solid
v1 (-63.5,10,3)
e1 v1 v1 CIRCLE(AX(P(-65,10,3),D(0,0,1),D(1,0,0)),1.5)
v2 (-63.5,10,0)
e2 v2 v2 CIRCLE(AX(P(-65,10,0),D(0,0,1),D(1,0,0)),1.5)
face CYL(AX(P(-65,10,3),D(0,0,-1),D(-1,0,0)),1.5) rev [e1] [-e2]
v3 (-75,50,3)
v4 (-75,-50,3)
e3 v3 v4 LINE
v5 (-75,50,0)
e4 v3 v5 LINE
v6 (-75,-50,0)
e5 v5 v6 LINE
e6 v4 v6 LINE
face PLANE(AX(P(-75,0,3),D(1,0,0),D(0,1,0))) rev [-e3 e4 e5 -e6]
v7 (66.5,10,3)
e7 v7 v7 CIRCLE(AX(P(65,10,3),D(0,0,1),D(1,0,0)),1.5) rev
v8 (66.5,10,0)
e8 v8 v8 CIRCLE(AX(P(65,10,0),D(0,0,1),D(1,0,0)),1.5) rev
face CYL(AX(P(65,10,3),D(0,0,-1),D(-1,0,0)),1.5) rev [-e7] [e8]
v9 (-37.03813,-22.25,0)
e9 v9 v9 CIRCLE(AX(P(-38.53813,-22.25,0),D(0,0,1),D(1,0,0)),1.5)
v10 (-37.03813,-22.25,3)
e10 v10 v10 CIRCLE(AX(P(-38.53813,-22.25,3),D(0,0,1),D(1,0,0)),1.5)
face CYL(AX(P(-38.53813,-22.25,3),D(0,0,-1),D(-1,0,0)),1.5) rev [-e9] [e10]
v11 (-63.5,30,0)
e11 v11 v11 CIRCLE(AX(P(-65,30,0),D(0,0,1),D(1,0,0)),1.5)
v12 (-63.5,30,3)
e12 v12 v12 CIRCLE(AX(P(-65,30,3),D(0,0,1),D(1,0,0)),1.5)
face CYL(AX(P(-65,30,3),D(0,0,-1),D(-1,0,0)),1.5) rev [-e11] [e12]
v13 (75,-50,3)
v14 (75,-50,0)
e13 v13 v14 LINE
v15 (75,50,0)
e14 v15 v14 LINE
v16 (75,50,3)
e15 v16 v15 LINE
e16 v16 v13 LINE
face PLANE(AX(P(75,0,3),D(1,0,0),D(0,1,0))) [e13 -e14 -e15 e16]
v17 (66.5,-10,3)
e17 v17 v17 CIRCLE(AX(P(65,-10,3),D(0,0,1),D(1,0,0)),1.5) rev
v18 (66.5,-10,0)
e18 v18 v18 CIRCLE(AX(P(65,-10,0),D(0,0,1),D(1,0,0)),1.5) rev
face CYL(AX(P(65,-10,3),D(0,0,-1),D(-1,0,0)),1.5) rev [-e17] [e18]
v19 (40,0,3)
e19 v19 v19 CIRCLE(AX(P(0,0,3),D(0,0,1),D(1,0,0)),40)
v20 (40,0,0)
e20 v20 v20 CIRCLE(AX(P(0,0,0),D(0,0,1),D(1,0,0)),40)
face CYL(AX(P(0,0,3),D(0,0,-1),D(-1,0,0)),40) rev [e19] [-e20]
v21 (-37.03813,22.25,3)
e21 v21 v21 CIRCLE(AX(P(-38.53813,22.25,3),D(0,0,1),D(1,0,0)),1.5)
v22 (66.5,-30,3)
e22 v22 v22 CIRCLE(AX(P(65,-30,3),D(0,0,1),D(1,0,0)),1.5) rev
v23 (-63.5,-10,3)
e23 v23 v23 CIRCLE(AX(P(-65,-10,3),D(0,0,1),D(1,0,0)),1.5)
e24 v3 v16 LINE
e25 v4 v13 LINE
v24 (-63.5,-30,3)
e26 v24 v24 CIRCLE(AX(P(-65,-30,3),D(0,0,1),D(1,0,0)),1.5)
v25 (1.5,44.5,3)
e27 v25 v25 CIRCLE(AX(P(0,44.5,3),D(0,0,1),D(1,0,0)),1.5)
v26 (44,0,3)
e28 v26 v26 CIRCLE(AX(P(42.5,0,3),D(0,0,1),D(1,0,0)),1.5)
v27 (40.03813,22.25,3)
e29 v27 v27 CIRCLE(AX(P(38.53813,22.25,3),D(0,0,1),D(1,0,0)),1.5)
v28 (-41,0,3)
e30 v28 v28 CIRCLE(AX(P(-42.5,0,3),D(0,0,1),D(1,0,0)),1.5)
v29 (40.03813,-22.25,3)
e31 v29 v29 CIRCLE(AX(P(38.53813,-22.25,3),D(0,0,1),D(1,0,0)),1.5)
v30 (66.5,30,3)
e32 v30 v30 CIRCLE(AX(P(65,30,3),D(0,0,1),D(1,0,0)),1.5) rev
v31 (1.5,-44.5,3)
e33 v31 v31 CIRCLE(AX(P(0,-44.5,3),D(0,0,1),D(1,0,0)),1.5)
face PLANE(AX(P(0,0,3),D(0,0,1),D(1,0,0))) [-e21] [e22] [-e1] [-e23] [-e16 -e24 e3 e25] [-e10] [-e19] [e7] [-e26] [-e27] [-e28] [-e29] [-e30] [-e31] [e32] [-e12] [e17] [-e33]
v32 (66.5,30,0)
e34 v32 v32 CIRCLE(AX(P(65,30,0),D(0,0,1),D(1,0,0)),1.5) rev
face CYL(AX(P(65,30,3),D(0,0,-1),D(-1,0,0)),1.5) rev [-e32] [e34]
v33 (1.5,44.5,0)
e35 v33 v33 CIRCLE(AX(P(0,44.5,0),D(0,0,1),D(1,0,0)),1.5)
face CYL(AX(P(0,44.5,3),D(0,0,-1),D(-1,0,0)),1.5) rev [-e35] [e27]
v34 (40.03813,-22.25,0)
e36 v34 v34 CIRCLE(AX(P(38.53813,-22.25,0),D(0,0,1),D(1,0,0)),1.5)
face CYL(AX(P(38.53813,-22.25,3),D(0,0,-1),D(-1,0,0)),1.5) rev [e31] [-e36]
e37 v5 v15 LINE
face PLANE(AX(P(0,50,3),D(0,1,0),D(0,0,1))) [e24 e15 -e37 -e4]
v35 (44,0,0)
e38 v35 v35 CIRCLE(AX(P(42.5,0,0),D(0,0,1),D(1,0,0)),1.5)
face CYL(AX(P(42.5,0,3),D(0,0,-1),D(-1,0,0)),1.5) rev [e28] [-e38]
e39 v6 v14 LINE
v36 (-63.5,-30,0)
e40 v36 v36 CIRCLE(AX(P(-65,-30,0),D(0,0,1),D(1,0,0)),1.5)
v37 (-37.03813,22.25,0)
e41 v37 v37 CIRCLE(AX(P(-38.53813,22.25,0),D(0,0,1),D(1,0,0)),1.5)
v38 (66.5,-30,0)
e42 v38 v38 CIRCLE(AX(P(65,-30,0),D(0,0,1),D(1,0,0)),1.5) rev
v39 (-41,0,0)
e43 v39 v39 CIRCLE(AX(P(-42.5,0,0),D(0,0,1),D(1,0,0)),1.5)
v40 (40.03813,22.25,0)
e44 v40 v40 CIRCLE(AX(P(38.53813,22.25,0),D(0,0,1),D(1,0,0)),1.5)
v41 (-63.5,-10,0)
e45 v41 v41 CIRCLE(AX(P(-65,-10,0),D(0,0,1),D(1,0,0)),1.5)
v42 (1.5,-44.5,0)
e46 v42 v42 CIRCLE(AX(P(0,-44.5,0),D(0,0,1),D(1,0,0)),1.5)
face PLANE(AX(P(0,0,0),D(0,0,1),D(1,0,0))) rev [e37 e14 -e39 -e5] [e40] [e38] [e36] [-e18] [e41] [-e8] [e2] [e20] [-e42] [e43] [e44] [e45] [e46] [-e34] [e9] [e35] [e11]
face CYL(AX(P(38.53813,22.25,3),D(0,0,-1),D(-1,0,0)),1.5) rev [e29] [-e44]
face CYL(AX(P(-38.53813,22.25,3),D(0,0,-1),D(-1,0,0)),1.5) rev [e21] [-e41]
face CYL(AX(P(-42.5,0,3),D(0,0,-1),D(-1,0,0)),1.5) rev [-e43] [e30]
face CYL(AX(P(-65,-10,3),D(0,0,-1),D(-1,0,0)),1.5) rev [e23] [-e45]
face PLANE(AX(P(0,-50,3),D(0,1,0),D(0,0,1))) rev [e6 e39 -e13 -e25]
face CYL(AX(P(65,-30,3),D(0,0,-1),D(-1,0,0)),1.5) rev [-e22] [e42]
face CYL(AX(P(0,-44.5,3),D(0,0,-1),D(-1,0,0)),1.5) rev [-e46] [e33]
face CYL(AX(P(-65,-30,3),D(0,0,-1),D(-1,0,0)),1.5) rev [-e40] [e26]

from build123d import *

# Parameters (mm, degrees)
SKETCH_1_W      = 150
SKETCH_1_H      = 100
SKETCH_1_R      = 1.5
SKETCH_1_R_2    = 40
EXTRUDE_2_DEPTH = 3


with BuildPart() as part:
    # 草图1 → 凸台-拉伸2 (new body)
    with BuildSketch(Plane.XY):
        Rectangle(SKETCH_1_W, SKETCH_1_H)
        with Locations((-38.538130468, 22.25)):
            Circle(SKETCH_1_R, mode=Mode.SUBTRACT)
        with Locations((-38.538130468, -22.25)):
            Circle(SKETCH_1_R, mode=Mode.SUBTRACT)
        with Locations((0, -44.5)):
            Circle(SKETCH_1_R, mode=Mode.SUBTRACT)
        with Locations((38.538130468, -22.25)):
            Circle(SKETCH_1_R, mode=Mode.SUBTRACT)
        with Locations((38.538130468, 22.25)):
            Circle(SKETCH_1_R, mode=Mode.SUBTRACT)
        with Locations((0, 44.5)):
            Circle(SKETCH_1_R, mode=Mode.SUBTRACT)
        with Locations((-42.5, 0)):
            Circle(SKETCH_1_R, mode=Mode.SUBTRACT)
        with Locations((42.5, 0)):
            Circle(SKETCH_1_R, mode=Mode.SUBTRACT)
        Circle(SKETCH_1_R_2, mode=Mode.SUBTRACT)
        with Locations((65, 10)):
            Circle(SKETCH_1_R, mode=Mode.SUBTRACT)
        with Locations((65, -30)):
            Circle(SKETCH_1_R, mode=Mode.SUBTRACT)
        with Locations((-65, -30)):
            Circle(SKETCH_1_R, mode=Mode.SUBTRACT)
        with Locations((-65, -10)):
            Circle(SKETCH_1_R, mode=Mode.SUBTRACT)
        with Locations((-65, 10)):
            Circle(SKETCH_1_R, mode=Mode.SUBTRACT)
        with Locations((-65, 30)):
            Circle(SKETCH_1_R, mode=Mode.SUBTRACT)
        with Locations((65, -10)):
            Circle(SKETCH_1_R, mode=Mode.SUBTRACT)
        with Locations((65, 30)):
            Circle(SKETCH_1_R, mode=Mode.SUBTRACT)
    extrude(amount=EXTRUDE_2_DEPTH)


solid = part.part
